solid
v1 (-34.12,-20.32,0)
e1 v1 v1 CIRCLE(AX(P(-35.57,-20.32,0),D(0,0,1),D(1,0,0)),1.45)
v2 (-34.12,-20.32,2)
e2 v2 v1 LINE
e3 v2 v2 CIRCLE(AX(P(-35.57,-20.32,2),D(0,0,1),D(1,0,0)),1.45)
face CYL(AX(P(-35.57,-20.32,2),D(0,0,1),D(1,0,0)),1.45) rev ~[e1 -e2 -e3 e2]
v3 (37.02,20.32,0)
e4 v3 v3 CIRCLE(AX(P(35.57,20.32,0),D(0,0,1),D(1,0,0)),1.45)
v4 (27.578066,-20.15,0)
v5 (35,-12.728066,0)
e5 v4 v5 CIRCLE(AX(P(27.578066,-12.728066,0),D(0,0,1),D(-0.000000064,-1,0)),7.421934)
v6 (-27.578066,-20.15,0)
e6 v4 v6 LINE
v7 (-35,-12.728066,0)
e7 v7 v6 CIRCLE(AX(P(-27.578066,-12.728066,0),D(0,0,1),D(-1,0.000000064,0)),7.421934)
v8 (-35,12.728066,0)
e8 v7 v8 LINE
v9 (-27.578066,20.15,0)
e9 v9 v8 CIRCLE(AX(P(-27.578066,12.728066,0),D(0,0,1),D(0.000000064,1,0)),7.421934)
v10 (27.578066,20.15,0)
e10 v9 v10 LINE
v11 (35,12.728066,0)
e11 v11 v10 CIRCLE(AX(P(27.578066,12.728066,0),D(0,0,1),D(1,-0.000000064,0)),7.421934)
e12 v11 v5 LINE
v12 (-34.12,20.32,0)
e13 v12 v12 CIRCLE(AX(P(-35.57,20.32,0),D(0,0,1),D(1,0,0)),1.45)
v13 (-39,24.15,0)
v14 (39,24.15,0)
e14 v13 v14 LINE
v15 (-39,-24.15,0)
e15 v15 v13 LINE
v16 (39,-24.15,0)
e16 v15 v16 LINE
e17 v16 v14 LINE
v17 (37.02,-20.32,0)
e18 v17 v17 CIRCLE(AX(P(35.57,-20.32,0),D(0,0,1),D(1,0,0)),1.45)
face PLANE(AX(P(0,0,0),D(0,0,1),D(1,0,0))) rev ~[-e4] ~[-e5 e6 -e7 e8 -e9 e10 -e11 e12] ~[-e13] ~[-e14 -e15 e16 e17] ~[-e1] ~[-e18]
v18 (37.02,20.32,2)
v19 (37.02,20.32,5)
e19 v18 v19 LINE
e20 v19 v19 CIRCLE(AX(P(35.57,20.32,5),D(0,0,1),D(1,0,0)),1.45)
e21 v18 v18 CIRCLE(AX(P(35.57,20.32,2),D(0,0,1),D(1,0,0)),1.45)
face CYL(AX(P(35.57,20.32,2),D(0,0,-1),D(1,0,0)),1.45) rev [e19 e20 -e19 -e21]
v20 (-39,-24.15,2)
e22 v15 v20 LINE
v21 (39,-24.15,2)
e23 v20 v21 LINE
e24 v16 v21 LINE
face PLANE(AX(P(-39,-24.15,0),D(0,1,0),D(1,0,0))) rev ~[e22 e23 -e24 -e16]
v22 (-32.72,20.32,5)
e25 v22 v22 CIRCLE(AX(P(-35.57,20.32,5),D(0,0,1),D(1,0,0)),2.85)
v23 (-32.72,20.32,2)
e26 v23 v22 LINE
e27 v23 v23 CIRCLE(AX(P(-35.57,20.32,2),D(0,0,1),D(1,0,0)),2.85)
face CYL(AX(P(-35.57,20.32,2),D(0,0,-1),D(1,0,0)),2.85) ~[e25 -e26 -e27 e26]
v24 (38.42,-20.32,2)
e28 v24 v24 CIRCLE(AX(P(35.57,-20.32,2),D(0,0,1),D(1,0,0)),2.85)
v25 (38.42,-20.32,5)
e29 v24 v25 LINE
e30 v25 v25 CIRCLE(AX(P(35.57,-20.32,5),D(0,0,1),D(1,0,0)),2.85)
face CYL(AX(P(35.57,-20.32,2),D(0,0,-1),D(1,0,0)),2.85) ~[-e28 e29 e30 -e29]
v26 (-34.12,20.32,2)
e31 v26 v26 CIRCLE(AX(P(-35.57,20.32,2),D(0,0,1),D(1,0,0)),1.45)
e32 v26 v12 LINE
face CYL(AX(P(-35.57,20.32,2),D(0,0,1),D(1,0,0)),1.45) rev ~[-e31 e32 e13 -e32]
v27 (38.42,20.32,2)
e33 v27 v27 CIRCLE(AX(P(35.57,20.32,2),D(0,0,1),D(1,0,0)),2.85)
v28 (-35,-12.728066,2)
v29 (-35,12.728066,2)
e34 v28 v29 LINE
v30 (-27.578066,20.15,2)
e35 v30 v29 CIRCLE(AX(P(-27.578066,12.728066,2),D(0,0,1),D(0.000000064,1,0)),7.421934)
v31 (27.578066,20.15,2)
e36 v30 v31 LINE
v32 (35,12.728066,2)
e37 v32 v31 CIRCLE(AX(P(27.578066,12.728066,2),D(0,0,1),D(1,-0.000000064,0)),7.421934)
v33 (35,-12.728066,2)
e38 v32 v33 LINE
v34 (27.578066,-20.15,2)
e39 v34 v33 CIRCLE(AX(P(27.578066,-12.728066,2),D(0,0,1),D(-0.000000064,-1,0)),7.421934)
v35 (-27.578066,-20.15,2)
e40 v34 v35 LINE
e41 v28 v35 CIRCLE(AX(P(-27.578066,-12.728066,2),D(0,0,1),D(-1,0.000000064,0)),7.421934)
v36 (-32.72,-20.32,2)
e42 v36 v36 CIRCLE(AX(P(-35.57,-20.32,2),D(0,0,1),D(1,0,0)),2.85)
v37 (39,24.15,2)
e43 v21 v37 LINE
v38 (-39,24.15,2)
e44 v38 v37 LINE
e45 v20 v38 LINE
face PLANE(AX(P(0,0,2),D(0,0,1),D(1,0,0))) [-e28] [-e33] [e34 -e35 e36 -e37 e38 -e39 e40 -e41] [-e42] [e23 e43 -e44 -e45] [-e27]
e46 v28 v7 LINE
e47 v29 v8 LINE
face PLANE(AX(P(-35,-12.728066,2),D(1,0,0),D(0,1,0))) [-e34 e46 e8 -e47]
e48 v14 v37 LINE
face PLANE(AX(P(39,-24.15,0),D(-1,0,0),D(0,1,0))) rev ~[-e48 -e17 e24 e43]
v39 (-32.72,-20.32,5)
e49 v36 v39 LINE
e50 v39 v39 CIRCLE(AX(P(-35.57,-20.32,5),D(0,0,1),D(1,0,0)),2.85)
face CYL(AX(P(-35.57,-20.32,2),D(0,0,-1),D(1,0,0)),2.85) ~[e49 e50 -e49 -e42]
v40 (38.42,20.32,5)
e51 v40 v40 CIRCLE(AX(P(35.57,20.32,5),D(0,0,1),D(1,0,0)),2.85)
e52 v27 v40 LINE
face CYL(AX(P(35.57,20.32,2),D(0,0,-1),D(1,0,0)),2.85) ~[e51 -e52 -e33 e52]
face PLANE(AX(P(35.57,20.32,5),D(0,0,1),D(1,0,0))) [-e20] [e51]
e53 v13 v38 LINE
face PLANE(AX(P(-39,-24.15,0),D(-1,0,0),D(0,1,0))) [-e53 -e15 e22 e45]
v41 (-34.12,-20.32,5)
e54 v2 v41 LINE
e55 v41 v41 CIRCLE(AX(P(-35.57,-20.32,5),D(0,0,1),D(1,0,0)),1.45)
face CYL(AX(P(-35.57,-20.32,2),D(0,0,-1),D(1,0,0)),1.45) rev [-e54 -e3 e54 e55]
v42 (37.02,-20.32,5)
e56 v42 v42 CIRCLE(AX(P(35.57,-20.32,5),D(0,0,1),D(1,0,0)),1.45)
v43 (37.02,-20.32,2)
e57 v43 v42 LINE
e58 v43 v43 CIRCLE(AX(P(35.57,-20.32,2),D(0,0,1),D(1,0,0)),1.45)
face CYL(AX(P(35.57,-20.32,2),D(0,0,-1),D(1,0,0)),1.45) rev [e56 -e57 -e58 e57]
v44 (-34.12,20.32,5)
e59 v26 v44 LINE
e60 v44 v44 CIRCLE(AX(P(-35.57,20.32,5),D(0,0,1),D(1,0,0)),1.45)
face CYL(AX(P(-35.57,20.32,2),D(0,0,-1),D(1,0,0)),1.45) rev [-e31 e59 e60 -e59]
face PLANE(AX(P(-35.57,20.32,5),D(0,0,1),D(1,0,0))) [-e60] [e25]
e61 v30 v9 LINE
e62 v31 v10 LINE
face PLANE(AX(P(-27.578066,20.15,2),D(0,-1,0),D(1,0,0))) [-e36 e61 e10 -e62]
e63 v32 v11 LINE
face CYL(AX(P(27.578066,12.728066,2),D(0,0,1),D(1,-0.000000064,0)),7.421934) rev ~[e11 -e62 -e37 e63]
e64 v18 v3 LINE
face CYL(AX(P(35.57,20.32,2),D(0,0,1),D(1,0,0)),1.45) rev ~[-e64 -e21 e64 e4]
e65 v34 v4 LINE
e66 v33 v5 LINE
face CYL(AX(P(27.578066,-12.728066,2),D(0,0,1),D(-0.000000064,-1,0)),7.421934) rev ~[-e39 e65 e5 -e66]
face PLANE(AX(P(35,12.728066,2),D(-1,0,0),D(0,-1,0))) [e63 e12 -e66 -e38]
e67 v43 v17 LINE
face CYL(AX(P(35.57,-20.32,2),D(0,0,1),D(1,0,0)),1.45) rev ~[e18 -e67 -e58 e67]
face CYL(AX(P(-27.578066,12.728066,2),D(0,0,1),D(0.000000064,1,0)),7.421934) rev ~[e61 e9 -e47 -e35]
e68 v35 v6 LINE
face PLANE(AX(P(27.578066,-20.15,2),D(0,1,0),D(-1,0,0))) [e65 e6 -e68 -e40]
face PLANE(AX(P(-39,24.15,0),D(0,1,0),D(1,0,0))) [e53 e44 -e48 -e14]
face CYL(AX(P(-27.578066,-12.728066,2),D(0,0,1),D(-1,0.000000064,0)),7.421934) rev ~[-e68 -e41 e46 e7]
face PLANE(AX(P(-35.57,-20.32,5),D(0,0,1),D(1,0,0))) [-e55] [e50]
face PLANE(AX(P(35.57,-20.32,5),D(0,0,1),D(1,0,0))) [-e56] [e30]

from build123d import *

# Parameters (mm, degrees)
SKETCH_W        = 78
SKETCH_H        = 48.3
PAD_DEPTH       = 2
SKETCH001_R     = 1.45
POCKET_DEPTH    = 2.001
SKETCH002_R     = 2.85
SKETCH002_R_2   = 1.45
PAD001_DEPTH    = 3
POCKET001_DEPTH = 2.001


with BuildPart() as part:
    # Sketch → Pad (new body)
    with BuildSketch(Plane.XY):
        Rectangle(SKETCH_W, SKETCH_H)
    extrude(amount=PAD_DEPTH)

    # Sketch001 (on Face6 of Pad) → Pocket (cut, through all)
    with BuildSketch(Plane.XY.offset(2)):
        with Locations((-35.57, 20.32)):
            Circle(SKETCH001_R)
        with Locations((35.57, 20.32)):
            Circle(SKETCH001_R)
        with Locations((-35.57, -20.32)):
            Circle(SKETCH001_R)
        with Locations((35.57, -20.32)):
            Circle(SKETCH001_R)
    extrude(amount=-POCKET_DEPTH, mode=Mode.SUBTRACT)

    # Sketch002 (on Face5 of Pocket) → Pad001 (join)
    with BuildSketch(Plane.XY.offset(2)):
        with Locations((-35.57, 20.32)):
            Circle(SKETCH002_R)
        with Locations((-35.57, 20.32)):
            Circle(SKETCH002_R_2, mode=Mode.SUBTRACT)
        with Locations((35.57, 20.32)):
            Circle(SKETCH002_R)
        with Locations((35.57, 20.32)):
            Circle(SKETCH002_R_2, mode=Mode.SUBTRACT)
        with Locations((35.57, -20.32)):
            Circle(SKETCH002_R)
        with Locations((35.57, -20.32)):
            Circle(SKETCH002_R_2, mode=Mode.SUBTRACT)
        with Locations((-35.57, -20.32)):
            Circle(SKETCH002_R)
        with Locations((-35.57, -20.32)):
            Circle(SKETCH002_R_2, mode=Mode.SUBTRACT)
    extrude(amount=PAD001_DEPTH)

    # Sketch003 (on Face5 of Pad001) → Pocket001 (cut, through all)
    with BuildSketch(Plane.XY.offset(2)):
        with BuildLine():
            Line((-27.578066, 20.15), (27.578066, 20.15))
            ThreePointArc((35, 12.728066), (32.826166, 17.976166), (27.578066, 20.15))
            Line((35, 12.728066), (35, -12.728066))
            ThreePointArc((27.578066, -20.15), (32.826166, -17.976166), (35, -12.728066))
            Line((27.578066, -20.15), (-27.578066, -20.15))
            ThreePointArc((-35, -12.728066), (-32.826166, -17.976166), (-27.578066, -20.15))
            Line((-35, -12.728066), (-35, 12.728066))
            ThreePointArc((-27.578066, 20.15), (-32.826166, 17.976166), (-35, 12.728066))
        make_face()
    extrude(amount=-POCKET001_DEPTH, mode=Mode.SUBTRACT)


solid = part.part
